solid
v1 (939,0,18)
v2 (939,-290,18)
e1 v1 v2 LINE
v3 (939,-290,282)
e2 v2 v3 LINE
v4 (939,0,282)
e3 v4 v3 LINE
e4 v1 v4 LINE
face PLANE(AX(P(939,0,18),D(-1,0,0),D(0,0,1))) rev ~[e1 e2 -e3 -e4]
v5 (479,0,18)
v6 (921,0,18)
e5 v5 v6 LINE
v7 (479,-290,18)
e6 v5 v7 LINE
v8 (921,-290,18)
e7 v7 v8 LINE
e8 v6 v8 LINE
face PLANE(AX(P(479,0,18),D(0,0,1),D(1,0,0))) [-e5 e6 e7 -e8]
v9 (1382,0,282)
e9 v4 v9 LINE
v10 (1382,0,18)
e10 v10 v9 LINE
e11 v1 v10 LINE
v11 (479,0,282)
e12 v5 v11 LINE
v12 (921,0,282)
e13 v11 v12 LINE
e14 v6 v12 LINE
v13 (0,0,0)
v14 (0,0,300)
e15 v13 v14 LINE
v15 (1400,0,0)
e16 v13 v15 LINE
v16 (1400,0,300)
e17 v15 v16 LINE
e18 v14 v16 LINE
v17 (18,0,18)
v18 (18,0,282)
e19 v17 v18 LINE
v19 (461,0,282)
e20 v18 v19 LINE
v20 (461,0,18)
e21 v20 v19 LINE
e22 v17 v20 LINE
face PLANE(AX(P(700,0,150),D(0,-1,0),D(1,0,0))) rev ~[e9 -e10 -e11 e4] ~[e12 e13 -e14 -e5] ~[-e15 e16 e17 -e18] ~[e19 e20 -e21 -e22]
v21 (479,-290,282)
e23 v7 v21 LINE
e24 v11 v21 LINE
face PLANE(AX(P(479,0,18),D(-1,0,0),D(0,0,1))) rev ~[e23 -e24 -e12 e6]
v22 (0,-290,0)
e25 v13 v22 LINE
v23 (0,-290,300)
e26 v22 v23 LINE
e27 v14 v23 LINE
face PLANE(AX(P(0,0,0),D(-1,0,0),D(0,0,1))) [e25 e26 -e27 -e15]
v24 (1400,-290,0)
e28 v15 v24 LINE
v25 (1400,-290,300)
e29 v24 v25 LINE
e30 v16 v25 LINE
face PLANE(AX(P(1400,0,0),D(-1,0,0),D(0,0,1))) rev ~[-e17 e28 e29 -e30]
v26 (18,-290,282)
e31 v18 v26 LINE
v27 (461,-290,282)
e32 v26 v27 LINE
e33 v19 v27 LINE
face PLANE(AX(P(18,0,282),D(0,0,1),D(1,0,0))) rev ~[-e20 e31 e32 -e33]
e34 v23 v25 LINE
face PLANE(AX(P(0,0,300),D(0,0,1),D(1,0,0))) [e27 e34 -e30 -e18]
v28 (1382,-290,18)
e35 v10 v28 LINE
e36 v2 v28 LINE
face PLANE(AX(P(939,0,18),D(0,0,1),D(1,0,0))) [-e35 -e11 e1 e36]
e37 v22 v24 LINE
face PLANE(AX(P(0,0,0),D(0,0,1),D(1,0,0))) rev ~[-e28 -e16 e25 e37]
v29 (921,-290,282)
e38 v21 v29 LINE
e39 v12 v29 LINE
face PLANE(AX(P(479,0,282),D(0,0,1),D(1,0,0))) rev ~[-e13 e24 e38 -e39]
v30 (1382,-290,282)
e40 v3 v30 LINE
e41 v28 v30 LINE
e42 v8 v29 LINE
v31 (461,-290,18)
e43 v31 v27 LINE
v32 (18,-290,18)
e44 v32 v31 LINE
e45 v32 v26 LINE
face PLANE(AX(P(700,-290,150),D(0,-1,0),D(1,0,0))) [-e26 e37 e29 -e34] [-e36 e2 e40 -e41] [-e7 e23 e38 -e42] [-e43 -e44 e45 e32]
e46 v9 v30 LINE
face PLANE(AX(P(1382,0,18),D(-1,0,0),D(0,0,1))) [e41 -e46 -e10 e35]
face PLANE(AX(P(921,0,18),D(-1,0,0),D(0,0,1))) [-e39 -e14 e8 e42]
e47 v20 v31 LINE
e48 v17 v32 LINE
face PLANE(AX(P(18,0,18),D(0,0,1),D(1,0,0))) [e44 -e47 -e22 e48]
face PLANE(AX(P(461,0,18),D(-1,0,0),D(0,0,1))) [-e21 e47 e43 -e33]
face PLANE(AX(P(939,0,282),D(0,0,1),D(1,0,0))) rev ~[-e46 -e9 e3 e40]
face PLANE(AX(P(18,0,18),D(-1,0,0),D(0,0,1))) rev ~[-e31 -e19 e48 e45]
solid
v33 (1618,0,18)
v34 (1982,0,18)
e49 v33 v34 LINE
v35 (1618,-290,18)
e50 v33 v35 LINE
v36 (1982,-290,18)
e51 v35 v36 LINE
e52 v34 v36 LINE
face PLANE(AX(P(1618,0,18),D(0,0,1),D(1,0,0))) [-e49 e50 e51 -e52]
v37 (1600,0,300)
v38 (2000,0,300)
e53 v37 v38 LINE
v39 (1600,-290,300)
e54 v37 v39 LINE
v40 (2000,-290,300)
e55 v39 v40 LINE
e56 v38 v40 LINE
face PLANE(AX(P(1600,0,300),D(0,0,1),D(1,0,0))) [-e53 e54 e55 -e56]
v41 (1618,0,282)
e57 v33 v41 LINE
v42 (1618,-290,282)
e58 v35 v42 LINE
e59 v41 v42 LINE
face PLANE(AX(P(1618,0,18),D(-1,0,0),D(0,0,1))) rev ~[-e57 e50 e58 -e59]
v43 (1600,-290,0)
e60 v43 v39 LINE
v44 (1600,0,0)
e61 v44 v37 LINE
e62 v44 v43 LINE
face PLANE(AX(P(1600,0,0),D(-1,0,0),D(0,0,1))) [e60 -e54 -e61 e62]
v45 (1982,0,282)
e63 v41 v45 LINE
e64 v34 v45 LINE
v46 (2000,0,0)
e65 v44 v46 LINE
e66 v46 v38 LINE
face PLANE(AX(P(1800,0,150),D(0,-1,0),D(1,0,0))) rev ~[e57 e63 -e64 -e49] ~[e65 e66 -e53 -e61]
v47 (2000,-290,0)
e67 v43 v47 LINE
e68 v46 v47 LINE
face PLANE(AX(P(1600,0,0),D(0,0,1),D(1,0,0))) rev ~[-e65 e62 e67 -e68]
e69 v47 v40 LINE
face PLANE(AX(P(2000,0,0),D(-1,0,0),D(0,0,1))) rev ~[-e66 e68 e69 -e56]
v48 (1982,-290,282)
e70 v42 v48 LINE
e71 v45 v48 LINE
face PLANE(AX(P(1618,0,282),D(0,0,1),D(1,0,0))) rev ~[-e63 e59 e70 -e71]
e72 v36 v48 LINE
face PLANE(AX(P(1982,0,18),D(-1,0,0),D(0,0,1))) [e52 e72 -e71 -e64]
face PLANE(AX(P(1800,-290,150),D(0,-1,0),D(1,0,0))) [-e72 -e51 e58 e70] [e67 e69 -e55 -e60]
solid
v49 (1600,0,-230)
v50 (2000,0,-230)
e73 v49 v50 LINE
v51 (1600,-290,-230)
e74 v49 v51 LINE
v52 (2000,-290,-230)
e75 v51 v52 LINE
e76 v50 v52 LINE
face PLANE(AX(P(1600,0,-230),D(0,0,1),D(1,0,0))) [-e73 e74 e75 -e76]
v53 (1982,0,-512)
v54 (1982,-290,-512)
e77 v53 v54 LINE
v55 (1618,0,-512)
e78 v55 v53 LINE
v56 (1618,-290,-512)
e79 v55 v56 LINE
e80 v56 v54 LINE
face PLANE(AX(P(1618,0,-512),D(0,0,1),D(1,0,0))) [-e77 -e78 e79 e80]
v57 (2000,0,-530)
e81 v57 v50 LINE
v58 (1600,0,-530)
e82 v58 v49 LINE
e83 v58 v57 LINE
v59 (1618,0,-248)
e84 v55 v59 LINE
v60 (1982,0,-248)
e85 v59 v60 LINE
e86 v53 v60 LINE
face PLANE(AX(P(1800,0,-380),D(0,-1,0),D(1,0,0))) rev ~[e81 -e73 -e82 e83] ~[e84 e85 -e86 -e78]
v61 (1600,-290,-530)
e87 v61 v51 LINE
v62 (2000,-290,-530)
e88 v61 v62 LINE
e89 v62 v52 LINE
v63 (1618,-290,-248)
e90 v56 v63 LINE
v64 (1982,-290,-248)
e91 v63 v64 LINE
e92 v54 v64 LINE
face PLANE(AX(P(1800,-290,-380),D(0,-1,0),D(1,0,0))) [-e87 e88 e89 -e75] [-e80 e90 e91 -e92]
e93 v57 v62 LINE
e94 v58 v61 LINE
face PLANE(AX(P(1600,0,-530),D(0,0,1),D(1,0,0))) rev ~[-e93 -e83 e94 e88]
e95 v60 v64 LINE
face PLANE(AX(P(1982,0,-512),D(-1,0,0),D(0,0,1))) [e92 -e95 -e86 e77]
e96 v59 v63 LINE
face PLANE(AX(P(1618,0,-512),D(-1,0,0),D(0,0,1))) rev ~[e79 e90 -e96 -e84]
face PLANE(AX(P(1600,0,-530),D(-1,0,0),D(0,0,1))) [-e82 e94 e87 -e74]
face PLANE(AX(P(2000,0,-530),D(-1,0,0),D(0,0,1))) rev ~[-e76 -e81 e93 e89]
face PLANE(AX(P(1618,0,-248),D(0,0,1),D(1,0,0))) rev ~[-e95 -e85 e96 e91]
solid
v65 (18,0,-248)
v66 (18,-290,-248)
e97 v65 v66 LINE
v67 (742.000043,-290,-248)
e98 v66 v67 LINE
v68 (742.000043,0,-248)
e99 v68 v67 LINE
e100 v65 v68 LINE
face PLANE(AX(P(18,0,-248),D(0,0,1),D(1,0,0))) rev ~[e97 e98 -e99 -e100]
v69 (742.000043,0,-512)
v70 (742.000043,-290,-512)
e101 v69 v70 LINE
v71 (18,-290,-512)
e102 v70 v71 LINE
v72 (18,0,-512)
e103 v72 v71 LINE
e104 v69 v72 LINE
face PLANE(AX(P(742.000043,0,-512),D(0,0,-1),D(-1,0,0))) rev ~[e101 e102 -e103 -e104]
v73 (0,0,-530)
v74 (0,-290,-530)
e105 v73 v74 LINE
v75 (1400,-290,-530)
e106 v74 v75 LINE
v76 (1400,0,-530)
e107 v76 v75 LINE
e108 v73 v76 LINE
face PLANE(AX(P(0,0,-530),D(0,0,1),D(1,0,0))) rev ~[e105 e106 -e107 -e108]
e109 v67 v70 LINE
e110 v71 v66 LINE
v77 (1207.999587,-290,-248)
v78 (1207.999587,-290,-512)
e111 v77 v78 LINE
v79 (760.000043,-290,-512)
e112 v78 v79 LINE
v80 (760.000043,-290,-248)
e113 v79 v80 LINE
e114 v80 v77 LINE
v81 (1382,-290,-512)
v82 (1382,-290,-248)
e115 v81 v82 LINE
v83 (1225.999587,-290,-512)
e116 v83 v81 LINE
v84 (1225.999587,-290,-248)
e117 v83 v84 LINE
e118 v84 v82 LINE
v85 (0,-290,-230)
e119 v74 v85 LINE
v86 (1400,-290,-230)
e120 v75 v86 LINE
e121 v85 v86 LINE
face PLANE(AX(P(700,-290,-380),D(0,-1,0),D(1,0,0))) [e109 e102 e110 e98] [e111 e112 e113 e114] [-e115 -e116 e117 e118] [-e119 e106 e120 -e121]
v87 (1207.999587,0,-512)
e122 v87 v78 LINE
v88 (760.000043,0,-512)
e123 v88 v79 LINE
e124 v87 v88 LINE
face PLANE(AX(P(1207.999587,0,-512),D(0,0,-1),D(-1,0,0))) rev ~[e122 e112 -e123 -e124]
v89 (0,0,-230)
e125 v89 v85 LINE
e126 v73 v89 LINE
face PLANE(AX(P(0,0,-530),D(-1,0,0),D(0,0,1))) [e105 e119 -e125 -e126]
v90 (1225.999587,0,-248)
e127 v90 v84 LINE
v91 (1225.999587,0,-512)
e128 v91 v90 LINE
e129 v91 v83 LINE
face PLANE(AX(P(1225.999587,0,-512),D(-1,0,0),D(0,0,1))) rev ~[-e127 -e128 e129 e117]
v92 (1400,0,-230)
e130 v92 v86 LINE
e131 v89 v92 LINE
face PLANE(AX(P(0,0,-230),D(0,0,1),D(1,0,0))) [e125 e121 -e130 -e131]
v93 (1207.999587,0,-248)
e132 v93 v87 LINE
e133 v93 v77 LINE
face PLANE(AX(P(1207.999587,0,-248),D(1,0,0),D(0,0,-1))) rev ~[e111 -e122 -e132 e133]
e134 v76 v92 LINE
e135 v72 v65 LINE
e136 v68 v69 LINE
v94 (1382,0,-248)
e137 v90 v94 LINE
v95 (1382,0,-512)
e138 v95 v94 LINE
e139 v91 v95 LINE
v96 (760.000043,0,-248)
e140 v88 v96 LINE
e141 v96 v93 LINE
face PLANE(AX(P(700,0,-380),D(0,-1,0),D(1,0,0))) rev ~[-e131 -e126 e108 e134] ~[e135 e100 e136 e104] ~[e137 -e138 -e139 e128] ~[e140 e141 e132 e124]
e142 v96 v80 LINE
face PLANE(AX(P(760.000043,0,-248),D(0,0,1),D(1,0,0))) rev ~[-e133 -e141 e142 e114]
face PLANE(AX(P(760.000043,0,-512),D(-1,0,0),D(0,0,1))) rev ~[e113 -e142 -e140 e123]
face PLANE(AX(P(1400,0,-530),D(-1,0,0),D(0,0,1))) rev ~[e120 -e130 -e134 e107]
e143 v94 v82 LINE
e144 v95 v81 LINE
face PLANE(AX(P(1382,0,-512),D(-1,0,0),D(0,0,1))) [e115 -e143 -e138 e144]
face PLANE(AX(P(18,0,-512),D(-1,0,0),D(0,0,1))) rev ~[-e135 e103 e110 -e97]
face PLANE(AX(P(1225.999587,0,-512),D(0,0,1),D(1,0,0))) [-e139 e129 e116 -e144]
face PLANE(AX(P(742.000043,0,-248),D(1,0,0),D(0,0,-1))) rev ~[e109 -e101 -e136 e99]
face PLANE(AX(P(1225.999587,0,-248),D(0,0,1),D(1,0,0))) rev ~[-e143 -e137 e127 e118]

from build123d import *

# Parameters (mm, degrees)
F0_W     = 1400
F0_H     = 300
F0_W_2   = 443
F0_H_2   = 264
F0_W_3   = 442
F0_W_4   = 400
F0_W_5   = 364
F0_W_6   = 156.000413
F1_DEPTH = 290


with BuildPart() as f1:
    # F0 (on Front) → F1 (new body)
    with BuildSketch(Plane.XZ):
        with Locations((700, 150)):
            Rectangle(F0_W, F0_H)
        with Locations((239.5, 150)):
            Rectangle(F0_W_2, F0_H_2, mode=Mode.SUBTRACT)
        with Locations((700, 150)):
            Rectangle(F0_W_3, F0_H_2, mode=Mode.SUBTRACT)
        with Locations((1160.5, 150)):
            Rectangle(F0_W_2, F0_H_2, mode=Mode.SUBTRACT)
        with Locations((1800, 150)):
            Rectangle(F0_W_4, F0_H)
        with Locations((1800, 150)):
            Rectangle(F0_W_5, F0_H_2, mode=Mode.SUBTRACT)
        with Locations((700, -380)):
            Rectangle(F0_W, F0_H)
        Polygon((742.000043, -248), (742.000043, -512), (479, -512), (18, -512), (18, -248), (479, -248), align=None, mode=Mode.SUBTRACT)
        Polygon((1207.999587, -248), (1207.999587, -512), (939, -512), (760.000043, -512), (760.000043, -248), (939, -248), align=None, mode=Mode.SUBTRACT)
        with Locations((1303.999794, -380)):
            Rectangle(F0_W_6, F0_H_2, mode=Mode.SUBTRACT)
        with Locations((1800, -380)):
            Rectangle(F0_W_4, F0_H)
        with Locations((1800, -380)):
            Rectangle(F0_W_5, F0_H_2, mode=Mode.SUBTRACT)
    extrude(amount=F1_DEPTH)


solid = f1.part
